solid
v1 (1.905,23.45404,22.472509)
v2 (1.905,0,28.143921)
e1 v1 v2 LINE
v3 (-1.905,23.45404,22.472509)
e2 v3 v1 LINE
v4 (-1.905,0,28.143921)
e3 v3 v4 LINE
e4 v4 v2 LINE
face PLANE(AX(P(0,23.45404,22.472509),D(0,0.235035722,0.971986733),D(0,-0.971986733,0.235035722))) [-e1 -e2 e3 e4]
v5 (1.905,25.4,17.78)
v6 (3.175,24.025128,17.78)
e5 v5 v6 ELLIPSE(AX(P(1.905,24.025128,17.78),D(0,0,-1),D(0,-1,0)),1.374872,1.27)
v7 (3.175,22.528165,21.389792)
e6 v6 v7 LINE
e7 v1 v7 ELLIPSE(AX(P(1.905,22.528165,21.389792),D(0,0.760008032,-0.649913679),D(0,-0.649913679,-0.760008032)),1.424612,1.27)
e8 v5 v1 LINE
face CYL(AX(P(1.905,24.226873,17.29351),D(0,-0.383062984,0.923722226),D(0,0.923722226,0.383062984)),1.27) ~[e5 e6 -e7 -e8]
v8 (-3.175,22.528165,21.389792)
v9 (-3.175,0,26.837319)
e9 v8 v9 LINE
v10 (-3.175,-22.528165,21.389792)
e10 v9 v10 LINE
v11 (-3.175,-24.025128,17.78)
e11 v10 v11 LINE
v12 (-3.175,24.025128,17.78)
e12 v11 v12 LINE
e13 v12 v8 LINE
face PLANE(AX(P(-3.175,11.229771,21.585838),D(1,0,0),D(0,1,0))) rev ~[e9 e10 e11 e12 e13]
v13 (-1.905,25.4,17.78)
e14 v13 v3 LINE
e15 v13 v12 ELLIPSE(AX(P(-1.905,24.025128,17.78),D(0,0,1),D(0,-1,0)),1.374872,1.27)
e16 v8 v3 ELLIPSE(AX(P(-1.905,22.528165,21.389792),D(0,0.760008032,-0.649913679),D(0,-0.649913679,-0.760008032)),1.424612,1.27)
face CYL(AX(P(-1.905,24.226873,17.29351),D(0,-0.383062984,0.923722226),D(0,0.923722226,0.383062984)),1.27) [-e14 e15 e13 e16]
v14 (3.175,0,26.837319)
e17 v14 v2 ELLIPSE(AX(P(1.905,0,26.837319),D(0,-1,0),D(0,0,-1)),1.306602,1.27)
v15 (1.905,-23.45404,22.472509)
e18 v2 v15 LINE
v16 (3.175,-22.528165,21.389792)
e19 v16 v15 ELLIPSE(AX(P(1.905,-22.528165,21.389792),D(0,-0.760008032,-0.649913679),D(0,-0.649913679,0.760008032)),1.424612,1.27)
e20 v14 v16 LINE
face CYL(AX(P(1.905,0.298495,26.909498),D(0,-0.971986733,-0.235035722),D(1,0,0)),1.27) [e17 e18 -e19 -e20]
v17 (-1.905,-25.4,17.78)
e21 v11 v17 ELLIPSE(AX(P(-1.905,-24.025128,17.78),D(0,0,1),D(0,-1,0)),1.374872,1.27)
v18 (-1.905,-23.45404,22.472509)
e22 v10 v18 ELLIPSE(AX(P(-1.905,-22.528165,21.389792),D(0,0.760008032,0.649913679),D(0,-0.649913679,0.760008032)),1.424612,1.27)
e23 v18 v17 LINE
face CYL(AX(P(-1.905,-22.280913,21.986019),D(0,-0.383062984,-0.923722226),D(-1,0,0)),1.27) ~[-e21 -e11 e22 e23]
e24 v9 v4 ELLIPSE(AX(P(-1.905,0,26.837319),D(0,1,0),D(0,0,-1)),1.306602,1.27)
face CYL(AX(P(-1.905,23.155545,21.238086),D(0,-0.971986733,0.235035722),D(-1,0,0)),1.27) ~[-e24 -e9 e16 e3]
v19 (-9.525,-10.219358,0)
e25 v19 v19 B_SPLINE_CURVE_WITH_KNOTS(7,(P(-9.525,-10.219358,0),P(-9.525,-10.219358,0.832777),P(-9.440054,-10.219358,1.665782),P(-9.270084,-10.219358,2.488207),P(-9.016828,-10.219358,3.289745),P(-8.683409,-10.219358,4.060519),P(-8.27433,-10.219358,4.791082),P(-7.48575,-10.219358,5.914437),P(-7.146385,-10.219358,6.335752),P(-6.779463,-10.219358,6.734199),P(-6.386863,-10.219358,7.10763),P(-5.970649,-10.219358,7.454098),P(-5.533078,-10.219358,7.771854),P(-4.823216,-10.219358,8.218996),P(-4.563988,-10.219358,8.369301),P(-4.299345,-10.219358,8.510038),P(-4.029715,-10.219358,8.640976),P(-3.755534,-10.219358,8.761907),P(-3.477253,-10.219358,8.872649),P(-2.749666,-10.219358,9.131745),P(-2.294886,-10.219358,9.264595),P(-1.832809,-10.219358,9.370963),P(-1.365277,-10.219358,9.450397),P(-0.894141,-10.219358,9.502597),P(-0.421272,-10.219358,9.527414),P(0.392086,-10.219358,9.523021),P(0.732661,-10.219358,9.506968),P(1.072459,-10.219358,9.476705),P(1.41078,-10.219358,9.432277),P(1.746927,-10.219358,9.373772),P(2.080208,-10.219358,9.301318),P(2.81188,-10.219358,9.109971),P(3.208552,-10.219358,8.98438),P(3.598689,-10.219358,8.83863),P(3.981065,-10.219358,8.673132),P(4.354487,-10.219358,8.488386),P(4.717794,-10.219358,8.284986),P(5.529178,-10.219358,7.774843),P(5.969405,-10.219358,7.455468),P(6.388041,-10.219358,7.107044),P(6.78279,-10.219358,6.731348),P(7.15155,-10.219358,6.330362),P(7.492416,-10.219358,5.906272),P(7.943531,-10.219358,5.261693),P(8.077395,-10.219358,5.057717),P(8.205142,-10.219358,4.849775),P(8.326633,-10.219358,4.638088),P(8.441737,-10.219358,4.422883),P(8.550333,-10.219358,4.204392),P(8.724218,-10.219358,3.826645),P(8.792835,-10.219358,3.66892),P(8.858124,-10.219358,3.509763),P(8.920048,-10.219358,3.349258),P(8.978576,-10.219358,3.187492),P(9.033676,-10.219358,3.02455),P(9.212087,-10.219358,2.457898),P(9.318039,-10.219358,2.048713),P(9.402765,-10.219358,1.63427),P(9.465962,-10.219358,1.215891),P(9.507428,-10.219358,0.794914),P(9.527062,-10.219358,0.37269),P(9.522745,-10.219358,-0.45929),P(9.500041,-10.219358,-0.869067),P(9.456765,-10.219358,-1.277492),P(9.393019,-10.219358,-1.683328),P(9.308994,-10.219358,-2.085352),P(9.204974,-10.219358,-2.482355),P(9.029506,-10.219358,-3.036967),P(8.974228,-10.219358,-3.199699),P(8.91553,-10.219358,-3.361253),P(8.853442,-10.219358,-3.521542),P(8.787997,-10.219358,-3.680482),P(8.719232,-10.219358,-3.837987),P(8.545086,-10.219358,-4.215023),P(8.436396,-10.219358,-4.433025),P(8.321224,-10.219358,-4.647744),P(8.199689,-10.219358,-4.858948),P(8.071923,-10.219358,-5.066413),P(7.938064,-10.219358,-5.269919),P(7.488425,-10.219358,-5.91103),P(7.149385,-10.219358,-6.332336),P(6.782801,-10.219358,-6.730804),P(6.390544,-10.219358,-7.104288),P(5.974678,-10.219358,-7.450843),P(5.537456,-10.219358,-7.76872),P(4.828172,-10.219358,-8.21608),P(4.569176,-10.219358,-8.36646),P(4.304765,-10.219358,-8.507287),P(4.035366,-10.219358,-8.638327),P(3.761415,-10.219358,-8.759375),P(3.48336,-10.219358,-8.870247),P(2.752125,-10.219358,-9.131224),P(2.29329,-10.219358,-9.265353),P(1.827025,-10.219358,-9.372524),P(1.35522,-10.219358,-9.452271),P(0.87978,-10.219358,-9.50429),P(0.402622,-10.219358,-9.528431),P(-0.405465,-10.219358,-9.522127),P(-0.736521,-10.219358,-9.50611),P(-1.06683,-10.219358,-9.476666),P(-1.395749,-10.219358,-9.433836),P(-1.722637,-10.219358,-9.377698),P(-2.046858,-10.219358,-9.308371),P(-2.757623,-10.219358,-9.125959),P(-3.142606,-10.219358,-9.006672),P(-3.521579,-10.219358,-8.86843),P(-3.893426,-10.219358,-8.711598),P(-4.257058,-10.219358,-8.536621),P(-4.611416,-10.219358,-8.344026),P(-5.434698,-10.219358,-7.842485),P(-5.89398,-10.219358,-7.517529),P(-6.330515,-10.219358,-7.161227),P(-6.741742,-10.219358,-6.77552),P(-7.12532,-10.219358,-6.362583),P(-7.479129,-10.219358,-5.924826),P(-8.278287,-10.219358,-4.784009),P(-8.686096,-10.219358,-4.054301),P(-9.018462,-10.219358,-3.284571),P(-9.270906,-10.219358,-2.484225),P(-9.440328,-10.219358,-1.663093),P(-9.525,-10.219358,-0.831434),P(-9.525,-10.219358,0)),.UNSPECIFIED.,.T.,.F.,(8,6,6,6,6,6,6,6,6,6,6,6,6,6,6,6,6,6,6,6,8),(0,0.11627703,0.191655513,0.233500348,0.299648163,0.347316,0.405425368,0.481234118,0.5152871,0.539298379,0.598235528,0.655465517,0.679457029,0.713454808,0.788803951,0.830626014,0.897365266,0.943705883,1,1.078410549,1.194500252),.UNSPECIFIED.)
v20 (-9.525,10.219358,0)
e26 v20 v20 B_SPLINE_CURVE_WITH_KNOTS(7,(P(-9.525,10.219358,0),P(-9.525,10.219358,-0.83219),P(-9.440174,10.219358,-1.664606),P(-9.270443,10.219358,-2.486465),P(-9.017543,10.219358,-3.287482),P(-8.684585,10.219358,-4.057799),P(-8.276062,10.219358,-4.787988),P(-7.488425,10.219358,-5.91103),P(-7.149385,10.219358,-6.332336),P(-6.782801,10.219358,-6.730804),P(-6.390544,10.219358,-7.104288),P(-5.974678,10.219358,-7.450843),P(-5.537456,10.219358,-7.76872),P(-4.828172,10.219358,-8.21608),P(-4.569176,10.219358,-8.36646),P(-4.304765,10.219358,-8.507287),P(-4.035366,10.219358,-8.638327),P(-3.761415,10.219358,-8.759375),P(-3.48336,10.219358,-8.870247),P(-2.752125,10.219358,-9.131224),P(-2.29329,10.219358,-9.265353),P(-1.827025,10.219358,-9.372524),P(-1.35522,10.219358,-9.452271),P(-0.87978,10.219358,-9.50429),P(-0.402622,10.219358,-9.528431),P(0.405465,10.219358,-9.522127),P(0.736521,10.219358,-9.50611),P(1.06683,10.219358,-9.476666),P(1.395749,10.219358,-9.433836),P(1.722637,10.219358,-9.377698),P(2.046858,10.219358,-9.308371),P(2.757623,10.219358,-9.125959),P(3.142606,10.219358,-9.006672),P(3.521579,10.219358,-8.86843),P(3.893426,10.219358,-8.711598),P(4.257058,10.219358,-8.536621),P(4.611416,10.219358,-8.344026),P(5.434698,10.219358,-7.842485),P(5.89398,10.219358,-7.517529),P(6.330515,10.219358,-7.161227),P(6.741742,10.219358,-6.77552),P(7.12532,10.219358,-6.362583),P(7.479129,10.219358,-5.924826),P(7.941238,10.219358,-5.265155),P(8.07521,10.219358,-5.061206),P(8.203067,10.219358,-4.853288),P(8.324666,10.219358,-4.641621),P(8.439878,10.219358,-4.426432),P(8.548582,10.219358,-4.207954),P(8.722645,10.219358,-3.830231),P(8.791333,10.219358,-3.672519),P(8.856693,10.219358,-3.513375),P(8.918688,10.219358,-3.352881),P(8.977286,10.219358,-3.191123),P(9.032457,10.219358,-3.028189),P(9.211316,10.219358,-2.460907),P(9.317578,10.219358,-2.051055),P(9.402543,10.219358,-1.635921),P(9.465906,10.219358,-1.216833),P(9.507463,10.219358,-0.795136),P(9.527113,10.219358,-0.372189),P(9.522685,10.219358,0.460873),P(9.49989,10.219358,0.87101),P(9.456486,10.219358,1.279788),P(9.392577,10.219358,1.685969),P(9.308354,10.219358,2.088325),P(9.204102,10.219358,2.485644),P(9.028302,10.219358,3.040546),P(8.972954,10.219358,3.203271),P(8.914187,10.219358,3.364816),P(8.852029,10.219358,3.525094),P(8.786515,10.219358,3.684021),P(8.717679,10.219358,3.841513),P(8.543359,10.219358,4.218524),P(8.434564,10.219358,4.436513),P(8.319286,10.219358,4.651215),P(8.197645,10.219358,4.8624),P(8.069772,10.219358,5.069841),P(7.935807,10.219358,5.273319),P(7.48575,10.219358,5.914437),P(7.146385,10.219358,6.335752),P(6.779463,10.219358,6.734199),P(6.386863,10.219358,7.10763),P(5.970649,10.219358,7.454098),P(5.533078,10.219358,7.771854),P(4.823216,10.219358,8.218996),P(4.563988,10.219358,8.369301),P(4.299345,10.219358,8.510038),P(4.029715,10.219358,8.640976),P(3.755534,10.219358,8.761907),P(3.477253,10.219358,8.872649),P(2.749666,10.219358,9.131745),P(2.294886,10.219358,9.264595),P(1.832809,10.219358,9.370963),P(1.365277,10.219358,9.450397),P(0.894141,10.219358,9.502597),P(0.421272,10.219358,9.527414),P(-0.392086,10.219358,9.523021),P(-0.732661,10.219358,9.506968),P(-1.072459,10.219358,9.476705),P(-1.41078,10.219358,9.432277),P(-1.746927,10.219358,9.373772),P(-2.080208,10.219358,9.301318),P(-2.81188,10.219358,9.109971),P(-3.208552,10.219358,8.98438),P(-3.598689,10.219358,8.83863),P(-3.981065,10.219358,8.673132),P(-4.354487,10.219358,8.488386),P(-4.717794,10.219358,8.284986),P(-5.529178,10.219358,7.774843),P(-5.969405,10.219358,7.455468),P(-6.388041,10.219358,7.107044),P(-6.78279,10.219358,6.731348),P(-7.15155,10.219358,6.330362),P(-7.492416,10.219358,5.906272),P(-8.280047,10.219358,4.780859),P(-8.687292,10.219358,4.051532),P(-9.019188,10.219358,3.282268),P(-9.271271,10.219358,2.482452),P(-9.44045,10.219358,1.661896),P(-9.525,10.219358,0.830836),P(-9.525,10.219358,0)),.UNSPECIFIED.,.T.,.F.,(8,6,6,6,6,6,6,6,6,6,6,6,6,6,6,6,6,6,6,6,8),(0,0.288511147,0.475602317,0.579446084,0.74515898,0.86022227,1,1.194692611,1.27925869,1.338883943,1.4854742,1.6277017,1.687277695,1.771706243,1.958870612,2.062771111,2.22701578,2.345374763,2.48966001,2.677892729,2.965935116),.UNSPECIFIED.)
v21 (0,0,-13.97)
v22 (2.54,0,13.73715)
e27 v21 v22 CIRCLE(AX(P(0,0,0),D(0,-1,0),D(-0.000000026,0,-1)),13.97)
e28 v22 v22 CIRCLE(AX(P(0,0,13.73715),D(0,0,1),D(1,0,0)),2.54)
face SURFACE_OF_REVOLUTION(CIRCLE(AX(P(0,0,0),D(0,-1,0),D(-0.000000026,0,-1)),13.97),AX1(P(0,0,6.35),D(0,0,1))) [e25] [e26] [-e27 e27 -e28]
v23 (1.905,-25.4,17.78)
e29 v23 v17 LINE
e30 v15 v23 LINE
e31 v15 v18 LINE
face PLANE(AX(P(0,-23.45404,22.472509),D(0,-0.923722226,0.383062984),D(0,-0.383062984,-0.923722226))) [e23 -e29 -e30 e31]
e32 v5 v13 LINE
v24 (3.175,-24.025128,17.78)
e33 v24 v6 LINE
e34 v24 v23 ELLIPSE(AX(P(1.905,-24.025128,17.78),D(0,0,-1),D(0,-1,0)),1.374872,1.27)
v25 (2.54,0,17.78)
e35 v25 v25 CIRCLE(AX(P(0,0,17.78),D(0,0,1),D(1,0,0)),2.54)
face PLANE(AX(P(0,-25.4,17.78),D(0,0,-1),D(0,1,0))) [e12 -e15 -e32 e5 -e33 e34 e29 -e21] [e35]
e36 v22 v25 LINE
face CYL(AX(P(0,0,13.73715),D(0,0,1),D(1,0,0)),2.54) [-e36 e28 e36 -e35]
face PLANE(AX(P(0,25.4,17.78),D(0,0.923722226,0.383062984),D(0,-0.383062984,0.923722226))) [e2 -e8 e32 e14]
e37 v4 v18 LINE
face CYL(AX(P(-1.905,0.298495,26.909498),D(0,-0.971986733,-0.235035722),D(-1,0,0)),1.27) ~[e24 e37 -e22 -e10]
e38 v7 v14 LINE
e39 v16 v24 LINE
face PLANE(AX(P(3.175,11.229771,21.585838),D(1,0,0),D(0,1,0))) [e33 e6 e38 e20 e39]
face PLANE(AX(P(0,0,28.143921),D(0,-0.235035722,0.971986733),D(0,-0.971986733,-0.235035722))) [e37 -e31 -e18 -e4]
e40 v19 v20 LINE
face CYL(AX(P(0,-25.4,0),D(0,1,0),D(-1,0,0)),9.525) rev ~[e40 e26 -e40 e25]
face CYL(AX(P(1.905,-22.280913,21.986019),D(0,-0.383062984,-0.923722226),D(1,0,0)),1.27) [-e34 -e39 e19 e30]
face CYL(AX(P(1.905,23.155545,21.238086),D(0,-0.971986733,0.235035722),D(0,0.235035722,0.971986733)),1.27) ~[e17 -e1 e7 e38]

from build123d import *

# Parameters (mm, degrees)
F3_D     = 19.05
F3_DEPTH = 25.4
F4_D     = 19.05
F4_DEPTH = 25.4
F6_DEPTH = 3.175
F7_R     = 1.27


with BuildPart() as f2:
    # F0 (on Front) → F2 (revolve)
    with BuildSketch(Plane.XZ):
        with BuildLine():
            ThreePointArc((2.54, 13.73715), (1.275325, 13.911666), (0, 13.97))
            Line((0, 13.97), (0, -13.97))
            ThreePointArc((0, -13.97), (13.911666, -1.275325), (2.54, 13.73715))
        make_face()
        with BuildLine():
            Line((0, 17.78), (0, 13.97))
            ThreePointArc((0, 13.97), (1.275325, 13.911666), (2.54, 13.73715))
            Line((2.54, 13.73715), (2.54, 17.78))
            Line((2.54, 17.78), (0, 17.78))
        make_face()
    revolve(axis=Axis((0, 0, 6.35), (0, 0, 1)))

    # F3
    with Locations(Plane.XZ):
        with Locations((0, 0)):
            Hole(F3_D / 2, depth=F3_DEPTH)

    # F4
    with Locations(Plane(origin=(0, 0, 0), x_dir=(1, 0, 0), z_dir=(0, 1, 0))):
        with Locations((0, 0)):
            Hole(F4_D / 2, depth=F4_DEPTH)

    # F5 (on Right) → F6 (join, symmetric)
    with BuildSketch(Plane.YZ):
        Polygon((0, 28.143921), (0, 17.78), (25.4, 17.78), (23.45404, 22.472509), align=None)
        Polygon((-25.4, 17.78), (0, 17.78), (0, 28.143921), (-23.45404, 22.472509), align=None)
    extrude(amount=F6_DEPTH, both=True)

    # F7
    f7_edges = [f2.edges().sort_by_distance(p)[0] for p in [
        (3.175, -11.72702, 25.308215),
        (-3.175, -11.72702, 25.308215),
        (3.175, 11.72702, 25.308215),
        (-3.175, 11.72702, 25.308215),
        (3.175, 24.42702, 20.126254),
        (3.175, -24.42702, 20.126254),
        (-3.175, -24.42702, 20.126254),
        (-3.175, 24.42702, 20.126254),
    ]]
    fillet(f7_edges, radius=F7_R)


solid = f2.part
